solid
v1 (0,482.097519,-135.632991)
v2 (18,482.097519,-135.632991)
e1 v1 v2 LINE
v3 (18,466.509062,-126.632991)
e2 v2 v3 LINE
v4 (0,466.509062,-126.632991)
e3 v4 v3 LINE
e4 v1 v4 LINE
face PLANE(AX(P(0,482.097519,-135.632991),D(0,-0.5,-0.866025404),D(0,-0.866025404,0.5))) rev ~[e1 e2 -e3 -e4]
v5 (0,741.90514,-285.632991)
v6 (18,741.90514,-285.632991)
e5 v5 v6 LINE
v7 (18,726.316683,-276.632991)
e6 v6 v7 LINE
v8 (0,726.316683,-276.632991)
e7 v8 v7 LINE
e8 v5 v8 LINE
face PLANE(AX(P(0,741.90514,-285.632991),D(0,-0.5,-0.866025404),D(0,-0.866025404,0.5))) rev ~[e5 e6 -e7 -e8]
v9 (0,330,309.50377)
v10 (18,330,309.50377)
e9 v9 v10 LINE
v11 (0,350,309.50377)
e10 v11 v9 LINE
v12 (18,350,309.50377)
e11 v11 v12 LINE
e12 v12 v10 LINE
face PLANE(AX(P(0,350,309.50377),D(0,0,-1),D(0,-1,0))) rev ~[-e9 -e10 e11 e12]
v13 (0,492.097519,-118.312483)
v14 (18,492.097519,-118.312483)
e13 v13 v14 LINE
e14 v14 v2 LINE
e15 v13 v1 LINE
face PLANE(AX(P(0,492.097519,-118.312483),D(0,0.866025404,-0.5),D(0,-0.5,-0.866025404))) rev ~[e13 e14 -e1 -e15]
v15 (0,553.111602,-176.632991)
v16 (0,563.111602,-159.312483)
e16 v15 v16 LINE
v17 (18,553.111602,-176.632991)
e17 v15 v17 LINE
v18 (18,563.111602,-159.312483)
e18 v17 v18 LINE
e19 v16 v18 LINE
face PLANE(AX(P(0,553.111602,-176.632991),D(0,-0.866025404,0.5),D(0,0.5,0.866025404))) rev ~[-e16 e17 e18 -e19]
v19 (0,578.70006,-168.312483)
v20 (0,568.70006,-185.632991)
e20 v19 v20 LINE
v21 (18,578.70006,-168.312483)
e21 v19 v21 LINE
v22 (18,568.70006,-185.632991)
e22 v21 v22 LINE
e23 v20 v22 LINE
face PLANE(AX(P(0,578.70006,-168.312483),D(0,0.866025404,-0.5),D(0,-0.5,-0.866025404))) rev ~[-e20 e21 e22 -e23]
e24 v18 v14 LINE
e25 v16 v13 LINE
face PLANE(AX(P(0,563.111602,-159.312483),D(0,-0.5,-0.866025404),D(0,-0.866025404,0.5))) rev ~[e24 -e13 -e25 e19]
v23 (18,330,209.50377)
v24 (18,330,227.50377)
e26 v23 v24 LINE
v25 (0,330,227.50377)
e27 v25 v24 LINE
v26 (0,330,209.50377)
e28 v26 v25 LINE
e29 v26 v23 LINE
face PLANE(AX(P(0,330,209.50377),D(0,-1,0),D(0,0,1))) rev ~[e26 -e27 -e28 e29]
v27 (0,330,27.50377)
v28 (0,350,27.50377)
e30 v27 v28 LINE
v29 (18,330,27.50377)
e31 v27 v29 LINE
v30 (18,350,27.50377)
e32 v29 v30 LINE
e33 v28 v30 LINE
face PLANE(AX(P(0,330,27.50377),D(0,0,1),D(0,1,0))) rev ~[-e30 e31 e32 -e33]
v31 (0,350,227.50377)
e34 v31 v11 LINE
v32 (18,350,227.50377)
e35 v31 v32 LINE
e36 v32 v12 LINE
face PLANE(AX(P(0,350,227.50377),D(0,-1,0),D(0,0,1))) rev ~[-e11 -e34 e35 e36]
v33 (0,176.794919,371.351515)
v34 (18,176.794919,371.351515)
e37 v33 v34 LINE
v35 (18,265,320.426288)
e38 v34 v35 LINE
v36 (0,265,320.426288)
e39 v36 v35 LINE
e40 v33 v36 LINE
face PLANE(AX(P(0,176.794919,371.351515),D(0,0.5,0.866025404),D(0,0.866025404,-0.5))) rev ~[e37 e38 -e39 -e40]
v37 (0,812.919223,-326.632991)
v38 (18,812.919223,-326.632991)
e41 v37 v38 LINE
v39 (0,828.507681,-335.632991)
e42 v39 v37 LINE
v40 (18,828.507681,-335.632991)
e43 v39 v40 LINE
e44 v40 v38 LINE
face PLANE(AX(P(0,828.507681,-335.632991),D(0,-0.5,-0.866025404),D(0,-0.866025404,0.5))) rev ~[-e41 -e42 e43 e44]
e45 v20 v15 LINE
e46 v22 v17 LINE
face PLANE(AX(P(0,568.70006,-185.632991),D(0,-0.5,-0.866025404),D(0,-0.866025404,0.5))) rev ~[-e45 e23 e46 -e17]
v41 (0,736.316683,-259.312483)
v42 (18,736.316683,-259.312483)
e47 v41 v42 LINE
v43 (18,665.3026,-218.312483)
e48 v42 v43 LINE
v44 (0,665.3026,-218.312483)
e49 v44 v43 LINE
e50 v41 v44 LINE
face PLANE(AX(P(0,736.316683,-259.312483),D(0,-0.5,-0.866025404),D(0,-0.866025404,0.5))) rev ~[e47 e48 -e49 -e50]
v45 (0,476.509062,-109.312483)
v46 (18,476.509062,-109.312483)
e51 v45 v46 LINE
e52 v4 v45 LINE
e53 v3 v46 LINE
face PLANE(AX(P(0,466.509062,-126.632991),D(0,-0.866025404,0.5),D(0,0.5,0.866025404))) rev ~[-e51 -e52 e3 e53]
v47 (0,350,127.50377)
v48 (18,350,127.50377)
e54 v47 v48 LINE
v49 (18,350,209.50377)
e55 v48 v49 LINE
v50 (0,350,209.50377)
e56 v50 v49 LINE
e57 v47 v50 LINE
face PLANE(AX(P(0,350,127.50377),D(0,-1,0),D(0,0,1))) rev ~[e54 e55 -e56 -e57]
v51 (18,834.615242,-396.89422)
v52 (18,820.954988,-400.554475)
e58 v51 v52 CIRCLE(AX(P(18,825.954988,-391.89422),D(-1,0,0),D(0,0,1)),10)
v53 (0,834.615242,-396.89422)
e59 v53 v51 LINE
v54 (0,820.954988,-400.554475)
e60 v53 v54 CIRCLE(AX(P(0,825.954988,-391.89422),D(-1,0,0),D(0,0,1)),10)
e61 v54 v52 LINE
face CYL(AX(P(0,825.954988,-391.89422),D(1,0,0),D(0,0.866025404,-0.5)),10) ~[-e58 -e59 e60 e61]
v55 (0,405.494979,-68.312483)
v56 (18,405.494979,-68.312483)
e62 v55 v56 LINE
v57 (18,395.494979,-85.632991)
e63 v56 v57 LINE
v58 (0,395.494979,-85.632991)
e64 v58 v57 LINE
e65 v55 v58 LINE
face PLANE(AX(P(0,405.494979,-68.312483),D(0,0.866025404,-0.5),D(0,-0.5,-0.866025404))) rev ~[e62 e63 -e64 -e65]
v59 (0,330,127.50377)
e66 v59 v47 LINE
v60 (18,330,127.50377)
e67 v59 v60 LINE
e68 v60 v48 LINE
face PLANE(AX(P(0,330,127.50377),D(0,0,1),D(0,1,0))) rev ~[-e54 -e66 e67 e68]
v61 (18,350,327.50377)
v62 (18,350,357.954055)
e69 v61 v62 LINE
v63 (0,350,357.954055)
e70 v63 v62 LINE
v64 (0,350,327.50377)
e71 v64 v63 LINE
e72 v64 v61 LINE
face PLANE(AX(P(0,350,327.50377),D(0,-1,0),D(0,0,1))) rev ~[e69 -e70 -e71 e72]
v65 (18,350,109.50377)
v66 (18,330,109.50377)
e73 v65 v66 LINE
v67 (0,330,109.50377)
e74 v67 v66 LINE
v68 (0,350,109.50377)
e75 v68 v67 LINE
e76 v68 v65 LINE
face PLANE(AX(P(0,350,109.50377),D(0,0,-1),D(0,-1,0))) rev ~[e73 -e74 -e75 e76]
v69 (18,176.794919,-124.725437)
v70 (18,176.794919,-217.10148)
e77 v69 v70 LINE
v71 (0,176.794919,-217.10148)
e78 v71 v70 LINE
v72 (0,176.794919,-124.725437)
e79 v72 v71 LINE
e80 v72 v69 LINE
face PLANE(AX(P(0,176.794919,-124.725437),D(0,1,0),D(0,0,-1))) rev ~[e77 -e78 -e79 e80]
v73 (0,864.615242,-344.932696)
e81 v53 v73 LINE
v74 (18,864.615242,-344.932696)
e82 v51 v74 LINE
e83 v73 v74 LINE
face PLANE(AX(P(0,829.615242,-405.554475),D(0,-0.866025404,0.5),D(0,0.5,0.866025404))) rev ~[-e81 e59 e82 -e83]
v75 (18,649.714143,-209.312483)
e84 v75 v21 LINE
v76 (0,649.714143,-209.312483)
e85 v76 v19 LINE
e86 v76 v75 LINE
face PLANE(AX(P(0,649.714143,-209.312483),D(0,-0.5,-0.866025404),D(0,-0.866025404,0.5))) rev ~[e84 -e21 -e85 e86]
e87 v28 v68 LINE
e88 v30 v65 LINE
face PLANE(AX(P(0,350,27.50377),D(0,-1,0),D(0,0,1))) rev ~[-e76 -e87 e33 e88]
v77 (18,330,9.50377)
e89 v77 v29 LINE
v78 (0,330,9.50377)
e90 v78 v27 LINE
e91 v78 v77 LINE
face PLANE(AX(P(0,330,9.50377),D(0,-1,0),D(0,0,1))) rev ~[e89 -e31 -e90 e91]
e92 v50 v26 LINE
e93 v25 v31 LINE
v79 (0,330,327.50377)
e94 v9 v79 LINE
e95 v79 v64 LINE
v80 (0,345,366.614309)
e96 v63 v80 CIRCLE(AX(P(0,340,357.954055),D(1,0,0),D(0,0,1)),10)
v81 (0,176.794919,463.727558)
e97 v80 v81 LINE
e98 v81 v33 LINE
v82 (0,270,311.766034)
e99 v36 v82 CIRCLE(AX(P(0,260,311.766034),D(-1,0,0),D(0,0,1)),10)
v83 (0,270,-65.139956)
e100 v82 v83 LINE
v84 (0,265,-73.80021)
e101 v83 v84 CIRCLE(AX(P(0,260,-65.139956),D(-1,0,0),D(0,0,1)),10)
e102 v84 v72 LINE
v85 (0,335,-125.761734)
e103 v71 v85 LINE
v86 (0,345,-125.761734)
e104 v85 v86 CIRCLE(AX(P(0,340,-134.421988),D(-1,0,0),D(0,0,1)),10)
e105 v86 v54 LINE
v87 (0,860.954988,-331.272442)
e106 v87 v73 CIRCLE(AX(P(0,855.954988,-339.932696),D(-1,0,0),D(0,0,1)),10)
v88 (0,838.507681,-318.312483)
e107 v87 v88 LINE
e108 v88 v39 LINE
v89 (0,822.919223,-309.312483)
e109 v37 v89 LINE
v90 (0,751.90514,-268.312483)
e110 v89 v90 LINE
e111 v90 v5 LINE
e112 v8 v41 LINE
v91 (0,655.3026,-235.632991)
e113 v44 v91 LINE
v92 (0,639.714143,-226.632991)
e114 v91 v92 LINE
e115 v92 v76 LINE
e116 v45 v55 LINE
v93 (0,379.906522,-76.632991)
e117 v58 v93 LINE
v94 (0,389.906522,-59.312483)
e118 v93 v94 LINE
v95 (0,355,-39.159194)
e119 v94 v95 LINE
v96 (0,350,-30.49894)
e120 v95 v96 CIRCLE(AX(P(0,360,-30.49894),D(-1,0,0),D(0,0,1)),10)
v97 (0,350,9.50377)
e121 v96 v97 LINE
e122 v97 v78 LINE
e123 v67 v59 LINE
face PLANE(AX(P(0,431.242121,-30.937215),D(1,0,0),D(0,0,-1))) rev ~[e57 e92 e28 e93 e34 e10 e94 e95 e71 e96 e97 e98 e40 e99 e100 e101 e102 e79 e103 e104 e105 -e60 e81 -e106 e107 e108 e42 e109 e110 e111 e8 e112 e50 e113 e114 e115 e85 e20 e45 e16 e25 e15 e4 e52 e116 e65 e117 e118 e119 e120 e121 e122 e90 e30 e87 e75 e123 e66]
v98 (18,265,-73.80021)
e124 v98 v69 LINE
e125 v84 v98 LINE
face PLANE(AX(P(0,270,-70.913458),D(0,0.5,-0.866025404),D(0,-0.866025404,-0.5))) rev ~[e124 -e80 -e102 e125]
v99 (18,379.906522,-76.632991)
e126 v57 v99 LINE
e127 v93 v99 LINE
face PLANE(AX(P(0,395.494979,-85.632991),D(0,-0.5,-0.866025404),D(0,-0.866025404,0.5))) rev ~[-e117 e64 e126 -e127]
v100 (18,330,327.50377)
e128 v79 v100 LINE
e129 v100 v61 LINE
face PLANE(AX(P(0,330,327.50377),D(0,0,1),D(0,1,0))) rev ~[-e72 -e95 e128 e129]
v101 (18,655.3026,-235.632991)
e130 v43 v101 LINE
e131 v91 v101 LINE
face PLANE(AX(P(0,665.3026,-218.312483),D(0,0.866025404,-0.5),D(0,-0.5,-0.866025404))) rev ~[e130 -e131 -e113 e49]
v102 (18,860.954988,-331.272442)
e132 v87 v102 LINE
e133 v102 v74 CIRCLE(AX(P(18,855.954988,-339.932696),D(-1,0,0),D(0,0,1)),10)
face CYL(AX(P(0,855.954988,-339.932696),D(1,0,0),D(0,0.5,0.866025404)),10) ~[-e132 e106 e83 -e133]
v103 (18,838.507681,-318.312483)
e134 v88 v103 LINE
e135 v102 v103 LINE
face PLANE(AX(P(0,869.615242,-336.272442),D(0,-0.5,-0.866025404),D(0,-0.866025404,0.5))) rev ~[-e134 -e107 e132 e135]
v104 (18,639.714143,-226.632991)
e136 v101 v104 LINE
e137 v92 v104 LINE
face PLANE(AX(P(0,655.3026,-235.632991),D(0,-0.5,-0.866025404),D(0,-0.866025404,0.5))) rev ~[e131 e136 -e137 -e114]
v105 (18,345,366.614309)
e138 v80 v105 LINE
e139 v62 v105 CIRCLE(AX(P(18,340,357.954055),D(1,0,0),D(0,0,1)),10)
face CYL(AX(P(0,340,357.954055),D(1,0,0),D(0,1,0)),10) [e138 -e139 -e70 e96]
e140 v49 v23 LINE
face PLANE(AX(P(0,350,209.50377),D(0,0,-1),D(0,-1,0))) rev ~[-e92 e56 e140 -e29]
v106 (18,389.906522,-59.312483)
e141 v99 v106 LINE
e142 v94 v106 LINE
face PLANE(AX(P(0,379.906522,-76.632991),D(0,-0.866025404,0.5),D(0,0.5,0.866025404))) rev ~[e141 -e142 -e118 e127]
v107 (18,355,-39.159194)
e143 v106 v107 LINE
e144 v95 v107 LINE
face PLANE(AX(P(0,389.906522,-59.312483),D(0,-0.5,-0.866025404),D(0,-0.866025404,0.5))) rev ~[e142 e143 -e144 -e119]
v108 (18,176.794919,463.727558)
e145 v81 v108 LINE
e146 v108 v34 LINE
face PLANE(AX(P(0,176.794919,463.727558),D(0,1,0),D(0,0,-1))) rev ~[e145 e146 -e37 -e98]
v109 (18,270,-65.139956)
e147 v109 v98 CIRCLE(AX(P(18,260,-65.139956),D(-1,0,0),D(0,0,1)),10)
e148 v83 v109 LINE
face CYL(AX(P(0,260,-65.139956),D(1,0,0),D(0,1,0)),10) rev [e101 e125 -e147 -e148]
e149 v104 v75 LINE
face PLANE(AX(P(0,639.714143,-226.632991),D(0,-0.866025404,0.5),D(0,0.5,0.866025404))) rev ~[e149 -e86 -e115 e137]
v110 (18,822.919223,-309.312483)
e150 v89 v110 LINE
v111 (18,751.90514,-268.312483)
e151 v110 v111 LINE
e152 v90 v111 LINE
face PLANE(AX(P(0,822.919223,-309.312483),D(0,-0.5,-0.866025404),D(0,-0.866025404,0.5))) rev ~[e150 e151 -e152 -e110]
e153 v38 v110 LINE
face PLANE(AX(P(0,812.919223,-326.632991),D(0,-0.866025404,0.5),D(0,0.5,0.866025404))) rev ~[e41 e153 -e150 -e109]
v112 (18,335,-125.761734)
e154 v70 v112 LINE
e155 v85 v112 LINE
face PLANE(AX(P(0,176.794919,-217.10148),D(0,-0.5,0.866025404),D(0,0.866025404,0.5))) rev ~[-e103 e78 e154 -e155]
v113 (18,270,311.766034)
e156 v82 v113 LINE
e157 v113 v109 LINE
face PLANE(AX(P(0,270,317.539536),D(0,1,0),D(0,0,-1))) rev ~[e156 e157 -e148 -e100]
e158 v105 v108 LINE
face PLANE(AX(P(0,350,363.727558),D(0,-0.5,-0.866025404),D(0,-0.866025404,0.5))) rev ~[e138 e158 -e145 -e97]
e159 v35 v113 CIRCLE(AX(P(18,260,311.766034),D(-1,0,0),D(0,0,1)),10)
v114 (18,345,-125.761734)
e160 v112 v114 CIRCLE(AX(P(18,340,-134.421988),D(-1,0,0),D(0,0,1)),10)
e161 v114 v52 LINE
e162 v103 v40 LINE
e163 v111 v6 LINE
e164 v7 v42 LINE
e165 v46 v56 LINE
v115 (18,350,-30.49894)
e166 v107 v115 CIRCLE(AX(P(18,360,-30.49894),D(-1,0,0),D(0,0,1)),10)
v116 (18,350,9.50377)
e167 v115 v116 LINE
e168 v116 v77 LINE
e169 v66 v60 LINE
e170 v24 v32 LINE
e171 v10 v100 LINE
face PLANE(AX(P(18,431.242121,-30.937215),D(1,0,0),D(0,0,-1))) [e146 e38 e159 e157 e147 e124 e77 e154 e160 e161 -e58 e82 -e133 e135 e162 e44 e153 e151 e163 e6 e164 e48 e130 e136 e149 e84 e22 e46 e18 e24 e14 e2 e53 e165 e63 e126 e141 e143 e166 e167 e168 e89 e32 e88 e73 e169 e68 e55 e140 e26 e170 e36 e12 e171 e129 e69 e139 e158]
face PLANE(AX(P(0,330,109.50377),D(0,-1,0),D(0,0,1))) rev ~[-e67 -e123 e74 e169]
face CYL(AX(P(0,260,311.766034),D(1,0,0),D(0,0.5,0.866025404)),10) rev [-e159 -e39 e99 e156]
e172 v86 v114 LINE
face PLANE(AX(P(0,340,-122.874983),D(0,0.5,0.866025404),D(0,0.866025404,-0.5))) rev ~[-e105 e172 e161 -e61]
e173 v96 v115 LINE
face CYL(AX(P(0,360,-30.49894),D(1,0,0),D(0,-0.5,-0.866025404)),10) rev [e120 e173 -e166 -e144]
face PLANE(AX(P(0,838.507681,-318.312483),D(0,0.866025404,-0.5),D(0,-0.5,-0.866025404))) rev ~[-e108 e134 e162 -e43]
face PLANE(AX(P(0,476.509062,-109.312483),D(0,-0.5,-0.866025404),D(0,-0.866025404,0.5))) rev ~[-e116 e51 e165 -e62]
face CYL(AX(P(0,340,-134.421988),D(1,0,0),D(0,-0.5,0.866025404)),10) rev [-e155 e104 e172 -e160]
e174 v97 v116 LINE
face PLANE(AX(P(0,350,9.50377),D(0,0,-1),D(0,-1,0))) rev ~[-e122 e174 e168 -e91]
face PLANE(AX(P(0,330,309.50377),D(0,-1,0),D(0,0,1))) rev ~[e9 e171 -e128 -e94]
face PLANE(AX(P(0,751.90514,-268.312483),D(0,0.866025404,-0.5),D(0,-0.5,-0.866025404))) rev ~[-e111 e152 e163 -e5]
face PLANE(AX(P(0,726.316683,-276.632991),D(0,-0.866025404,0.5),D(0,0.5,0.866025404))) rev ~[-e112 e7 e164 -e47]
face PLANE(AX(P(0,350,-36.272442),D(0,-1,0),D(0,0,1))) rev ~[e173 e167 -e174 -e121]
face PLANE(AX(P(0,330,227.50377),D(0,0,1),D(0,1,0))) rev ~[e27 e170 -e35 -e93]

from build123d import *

# Parameters (mm, degrees)
ESTRUSIONE_ESTRUSIONE1_DEPTH = 18
RACCORDO1_R                  = 10
RACCORDO2_R                  = 10


with BuildPart() as part:
    # Schizzo1 → Estrusione-Estrusione1 (new body)
    with BuildSketch(Plane(origin=(0, 0, 0), x_dir=(0, 0, -1), z_dir=(1, 0, 0))):
        Polygon((-109.503770047, 350), (-109.503770047, 330), (-127.503770047, 330), (-127.503770047, 350), (-209.503770047, 350), (-209.503770047, 330), (-227.503770047, 330), (-227.503770047, 350), (-309.503770047, 350), (-309.503770047, 330), (-327.503770047, 330), (-327.503770047, 350), (-363.727557783, 350), (-463.727557783, 176.794919243), (-371.351514713, 176.794919243), (-317.539536248, 270), (70.913458368, 270), (124.725436833, 176.794919243), (217.101479903, 176.794919243), (122.874982595, 340), (405.554474519, 829.615242271), (336.272442217, 869.615242271), (318.31248319, 838.507680735), (335.632991266, 828.507680735), (326.632991266, 812.919223467), (309.31248319, 822.919223467), (268.31248319, 751.905140356), (285.632991266, 741.905140356), (276.632991266, 726.316683088), (259.31248319, 736.316683088), (218.31248319, 665.302599978), (235.632991266, 655.302599978), (226.632991266, 639.71414271), (209.31248319, 649.71414271), (168.31248319, 578.7000596), (185.632991266, 568.7000596), (176.632991266, 553.111602331), (159.31248319, 563.111602331), (118.31248319, 492.097519221), (135.632991266, 482.097519221), (126.632991266, 466.509061953), (109.31248319, 476.509061953), (68.31248319, 405.494978843), (85.632991266, 395.494978843), (76.632991266, 379.906521574), (59.31248319, 389.906521574), (36.272442217, 350), (-9.503770047, 350), (-9.503770047, 330), (-27.503770047, 330), (-27.503770047, 350), align=None)
    extrude(amount=ESTRUSIONE_ESTRUSIONE1_DEPTH)

    # Raccordo1
    raccordo1_edges = [part.edges().sort_by_distance(p)[0] for p in [
        (9, 350, -36.272442217),
    ]]
    fillet(raccordo1_edges, radius=RACCORDO1_R)

    # Raccordo2
    raccordo2_edges = [part.edges().sort_by_distance(p)[0] for p in [
        (9, 869.615242271, -336.272442217),
        (9, 829.615242271, -405.554474519),
        (9, 340, -122.874982595),
        (9, 270, -70.913458368),
        (9, 270, 317.539536248),
        (9, 350, 363.727557783),
    ]]
    fillet(raccordo2_edges, radius=RACCORDO2_R)


solid = part.part
